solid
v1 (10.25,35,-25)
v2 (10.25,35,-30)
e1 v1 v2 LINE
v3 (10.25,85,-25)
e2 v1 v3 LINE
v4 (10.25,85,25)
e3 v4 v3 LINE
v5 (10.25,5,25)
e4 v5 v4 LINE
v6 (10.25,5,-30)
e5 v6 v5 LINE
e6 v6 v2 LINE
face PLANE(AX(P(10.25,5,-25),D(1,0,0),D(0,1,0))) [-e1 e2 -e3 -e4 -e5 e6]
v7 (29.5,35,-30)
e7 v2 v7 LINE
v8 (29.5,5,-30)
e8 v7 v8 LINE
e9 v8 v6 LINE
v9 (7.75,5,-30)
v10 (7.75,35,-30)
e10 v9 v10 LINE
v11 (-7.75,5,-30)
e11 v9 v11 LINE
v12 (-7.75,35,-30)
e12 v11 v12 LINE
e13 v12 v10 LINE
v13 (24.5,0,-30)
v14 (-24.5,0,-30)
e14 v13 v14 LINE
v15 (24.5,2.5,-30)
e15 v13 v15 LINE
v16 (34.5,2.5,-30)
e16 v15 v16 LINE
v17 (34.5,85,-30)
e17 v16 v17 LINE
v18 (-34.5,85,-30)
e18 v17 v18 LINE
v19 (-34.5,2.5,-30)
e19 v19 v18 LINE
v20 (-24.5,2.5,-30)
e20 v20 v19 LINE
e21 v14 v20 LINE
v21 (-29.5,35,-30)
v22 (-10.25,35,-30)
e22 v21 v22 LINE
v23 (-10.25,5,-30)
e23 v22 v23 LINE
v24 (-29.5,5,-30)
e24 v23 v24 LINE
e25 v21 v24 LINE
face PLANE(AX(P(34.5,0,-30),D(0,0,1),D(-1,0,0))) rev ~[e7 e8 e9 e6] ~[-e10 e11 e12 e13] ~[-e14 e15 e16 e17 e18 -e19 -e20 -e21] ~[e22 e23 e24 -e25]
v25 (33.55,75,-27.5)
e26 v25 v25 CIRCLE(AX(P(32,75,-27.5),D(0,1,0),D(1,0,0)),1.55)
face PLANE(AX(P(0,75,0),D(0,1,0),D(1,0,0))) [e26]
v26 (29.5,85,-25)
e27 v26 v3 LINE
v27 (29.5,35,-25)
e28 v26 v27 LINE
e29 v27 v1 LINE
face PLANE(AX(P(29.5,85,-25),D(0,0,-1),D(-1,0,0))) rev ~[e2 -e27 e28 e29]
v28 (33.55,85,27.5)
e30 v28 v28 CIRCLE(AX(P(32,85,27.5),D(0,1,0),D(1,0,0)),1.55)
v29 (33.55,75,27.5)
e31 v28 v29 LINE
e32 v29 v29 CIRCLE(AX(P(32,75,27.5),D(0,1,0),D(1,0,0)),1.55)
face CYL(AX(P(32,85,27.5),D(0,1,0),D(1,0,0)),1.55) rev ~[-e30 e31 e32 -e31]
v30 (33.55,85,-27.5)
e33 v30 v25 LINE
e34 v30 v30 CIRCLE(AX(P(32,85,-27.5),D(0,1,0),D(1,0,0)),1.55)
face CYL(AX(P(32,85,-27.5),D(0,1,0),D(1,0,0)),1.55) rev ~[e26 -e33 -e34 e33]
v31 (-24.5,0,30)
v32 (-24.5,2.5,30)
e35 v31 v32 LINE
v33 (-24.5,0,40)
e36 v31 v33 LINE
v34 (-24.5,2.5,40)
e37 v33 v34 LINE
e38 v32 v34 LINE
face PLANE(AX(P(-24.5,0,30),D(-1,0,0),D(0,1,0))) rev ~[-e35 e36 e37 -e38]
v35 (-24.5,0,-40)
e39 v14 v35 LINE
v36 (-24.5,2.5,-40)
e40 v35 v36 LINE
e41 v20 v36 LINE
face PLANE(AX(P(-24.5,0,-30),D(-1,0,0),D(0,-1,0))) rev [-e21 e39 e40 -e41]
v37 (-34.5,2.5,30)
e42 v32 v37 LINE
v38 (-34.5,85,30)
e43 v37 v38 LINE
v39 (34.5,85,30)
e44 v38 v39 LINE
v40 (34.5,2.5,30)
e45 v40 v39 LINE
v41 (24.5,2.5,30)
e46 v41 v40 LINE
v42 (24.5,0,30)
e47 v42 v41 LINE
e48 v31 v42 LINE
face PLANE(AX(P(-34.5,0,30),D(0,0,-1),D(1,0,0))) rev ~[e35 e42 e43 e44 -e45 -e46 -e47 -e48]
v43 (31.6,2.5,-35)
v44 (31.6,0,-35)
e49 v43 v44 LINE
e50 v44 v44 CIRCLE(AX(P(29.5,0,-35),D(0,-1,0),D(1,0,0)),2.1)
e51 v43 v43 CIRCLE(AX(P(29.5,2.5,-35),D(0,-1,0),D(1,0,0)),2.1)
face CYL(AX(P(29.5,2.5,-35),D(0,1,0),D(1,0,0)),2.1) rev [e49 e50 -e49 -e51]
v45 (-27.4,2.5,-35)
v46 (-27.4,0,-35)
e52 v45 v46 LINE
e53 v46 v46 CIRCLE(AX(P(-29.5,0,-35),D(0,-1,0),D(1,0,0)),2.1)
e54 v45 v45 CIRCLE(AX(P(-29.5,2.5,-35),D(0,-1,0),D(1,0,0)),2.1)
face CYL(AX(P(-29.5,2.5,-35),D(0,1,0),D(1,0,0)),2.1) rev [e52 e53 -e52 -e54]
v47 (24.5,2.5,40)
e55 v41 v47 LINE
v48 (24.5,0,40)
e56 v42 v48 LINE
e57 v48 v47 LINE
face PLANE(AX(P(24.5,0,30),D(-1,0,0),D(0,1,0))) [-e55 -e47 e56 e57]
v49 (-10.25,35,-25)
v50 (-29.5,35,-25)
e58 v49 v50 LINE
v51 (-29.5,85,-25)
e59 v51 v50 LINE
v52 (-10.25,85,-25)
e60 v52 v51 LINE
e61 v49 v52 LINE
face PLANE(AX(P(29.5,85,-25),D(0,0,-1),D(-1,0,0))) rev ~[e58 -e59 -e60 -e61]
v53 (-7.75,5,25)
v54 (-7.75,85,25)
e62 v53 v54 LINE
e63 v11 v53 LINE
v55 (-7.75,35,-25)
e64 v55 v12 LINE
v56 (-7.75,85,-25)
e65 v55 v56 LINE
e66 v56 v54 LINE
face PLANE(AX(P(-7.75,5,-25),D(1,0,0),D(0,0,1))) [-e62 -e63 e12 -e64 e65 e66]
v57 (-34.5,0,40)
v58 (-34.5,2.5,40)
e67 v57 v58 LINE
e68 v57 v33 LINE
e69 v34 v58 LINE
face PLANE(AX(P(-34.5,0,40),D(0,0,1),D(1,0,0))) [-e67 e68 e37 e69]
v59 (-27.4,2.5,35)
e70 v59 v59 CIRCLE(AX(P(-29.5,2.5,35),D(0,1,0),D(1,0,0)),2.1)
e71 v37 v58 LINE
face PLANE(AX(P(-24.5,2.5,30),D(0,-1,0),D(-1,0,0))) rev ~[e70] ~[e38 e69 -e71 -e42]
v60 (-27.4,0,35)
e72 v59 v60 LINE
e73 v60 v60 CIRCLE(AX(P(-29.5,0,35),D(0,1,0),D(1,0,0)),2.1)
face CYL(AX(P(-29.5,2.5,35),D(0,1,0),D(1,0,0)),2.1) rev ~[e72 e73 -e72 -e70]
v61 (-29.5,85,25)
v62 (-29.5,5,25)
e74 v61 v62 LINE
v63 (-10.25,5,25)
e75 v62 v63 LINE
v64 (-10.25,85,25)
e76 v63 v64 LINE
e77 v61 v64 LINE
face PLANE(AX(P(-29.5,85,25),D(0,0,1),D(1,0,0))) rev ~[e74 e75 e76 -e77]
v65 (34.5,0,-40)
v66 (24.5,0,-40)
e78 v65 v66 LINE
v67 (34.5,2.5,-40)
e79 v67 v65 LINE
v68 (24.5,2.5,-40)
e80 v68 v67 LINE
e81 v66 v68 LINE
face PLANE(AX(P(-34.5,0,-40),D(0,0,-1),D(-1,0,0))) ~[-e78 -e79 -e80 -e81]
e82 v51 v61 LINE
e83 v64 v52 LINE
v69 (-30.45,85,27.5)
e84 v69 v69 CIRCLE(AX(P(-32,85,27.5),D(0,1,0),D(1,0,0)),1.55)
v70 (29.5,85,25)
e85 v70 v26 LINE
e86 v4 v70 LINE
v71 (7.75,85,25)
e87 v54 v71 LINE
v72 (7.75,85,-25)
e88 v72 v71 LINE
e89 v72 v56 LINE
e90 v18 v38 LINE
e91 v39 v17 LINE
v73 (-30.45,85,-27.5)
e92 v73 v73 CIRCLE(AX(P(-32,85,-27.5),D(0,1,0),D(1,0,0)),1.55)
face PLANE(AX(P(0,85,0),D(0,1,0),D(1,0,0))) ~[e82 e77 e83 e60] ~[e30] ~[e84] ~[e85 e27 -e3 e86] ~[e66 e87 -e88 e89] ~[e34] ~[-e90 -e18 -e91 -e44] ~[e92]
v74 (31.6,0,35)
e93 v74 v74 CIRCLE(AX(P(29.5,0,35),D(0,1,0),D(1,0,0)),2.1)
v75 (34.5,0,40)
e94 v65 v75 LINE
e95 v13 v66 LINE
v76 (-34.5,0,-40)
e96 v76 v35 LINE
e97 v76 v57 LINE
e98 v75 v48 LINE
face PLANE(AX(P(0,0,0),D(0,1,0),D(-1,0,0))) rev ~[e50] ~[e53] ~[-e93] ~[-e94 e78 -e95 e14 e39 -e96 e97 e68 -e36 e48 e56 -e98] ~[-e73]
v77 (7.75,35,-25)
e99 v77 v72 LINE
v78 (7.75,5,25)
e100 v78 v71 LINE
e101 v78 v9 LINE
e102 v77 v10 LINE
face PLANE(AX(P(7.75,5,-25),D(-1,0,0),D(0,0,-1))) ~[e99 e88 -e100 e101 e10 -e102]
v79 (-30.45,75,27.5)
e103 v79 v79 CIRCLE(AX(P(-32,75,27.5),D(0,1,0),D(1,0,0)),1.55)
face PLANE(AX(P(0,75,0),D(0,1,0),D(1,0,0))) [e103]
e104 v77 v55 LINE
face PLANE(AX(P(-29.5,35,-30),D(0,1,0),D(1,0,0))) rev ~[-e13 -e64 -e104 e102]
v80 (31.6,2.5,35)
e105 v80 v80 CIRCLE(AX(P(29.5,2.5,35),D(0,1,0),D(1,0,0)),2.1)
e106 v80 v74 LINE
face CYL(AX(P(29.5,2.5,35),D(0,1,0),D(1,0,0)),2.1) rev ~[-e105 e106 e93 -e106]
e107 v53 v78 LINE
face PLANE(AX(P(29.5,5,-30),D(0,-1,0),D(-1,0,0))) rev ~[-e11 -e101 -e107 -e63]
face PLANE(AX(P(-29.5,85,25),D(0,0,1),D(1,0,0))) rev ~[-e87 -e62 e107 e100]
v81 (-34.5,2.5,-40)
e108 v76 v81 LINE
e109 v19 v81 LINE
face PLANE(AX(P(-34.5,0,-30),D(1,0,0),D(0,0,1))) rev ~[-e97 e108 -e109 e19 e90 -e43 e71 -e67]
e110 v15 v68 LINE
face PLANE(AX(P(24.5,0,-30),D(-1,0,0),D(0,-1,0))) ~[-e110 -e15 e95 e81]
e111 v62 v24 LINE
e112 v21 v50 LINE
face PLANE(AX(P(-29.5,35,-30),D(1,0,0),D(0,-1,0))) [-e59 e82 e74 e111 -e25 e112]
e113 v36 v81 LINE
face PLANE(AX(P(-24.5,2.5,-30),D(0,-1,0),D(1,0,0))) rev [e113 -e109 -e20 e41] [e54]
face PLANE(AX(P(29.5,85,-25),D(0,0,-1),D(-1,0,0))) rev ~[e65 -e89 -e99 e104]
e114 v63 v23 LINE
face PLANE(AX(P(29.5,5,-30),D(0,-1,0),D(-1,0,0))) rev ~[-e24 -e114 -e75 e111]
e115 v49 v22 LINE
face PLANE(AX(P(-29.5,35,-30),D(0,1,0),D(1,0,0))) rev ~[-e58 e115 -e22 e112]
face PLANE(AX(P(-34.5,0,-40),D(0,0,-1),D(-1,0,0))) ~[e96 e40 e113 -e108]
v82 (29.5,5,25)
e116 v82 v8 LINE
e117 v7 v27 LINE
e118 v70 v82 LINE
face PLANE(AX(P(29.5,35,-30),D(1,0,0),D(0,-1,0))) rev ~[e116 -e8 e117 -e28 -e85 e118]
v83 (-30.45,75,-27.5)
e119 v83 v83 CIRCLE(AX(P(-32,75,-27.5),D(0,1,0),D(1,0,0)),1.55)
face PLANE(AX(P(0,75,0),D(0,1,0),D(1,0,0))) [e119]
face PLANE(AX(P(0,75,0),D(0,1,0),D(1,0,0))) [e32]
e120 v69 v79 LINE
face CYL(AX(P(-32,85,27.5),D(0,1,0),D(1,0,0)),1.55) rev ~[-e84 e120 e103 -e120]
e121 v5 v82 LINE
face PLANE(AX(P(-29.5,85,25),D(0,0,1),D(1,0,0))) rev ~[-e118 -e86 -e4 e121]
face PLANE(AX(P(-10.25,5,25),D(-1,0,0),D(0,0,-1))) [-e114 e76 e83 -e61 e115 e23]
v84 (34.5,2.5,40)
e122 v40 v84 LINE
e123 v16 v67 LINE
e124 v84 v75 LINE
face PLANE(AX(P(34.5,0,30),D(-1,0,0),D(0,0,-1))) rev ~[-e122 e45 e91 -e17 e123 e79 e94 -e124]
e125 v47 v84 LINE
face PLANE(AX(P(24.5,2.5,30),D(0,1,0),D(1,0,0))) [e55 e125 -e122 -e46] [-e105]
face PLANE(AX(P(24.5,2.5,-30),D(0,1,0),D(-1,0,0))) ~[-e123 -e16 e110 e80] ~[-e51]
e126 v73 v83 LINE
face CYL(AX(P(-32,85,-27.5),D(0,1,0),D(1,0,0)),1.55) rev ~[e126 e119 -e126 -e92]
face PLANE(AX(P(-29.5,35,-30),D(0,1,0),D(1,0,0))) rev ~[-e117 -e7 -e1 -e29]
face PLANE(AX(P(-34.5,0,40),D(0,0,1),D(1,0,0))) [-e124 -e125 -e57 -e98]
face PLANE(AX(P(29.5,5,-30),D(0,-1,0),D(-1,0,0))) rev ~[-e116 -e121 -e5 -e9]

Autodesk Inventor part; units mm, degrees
ref_plane "YZ Plane" through (0, 0, 0) normal (1, 0, 0) x (0, 1, 0)
sketch "Sketch1" plane through (0, 0, 0) normal (0, 1, 0) x (-1, 0, 0)
  point P0 (0, 0)
sketch "Sketch2" plane through (0, 0, 0) normal (0, 1, 0) x (-1, 0, 0)
  line L0 (34.5, 30) -> (-34.5, 30)
  line L1 (-34.5, 30) -> (-34.5, -30)
  line L2 (-34.5, -30) -> (34.5, -30)
  line L3 (34.5, -30) -> (34.5, 30)
  line L4 (34.5, 30) -> (-34.5, -30) construction
  line L5 (-34.5, 30) -> (34.5, -30) construction
  point P0 (0, 0)
  dimension "d0" = 69
  dimension "d1" = 60
extrude "Extrusion1" add sketch "Sketch2" along normal blind 85
sketch "Sketch3" plane through (0, 85, 0) normal (0, 1, 0) x (1, 0, 0)
  line L0 (-29.5, -25) -> (29.5, -25)
  line L1 (29.5, -25) -> (29.5, 25)
  line L2 (29.5, 25) -> (-29.5, 25)
  line L3 (-29.5, 25) -> (-29.5, -25)
  line L4 (-29.5, -25) -> (29.5, 25) construction
  line L5 (29.5, -25) -> (-29.5, 25) construction
  point P0 (0, 0)
  dimension "d4" = 59
  dimension "d5" = 50
extrude "Extrusion2" cut sketch "Sketch3" against normal blind 80
sketch "Sketch4" plane through (0, 85, 0) normal (0, 1, 0) x (1, 0, 0)
  circle A0 centre (32, -27.5) radius 1.55
  line L0 (-34.5, -30) -> (34.5, -30) projected
  line L1 (34.5, -30) -> (34.5, 30) projected
  circle A1 centre (32, 27.5) radius 1.55
  circle A2 centre (-32, 27.5) radius 1.55
  circle A3 centre (-32, -27.5) radius 1.55
  line L2 (34.5, 30) -> (-34.5, 30) projected
  line L3 (-34.5, 30) -> (-34.5, -30) projected
  point P0 (0, 0)
  dimension "d8" = 3.1
  dimension "d9" = 2.5
  dimension "d10" = 2.5
  dimension "d11" = 2.5
  dimension "d12" = 2.5
extrude "Extrusion3" cut sketch "Sketch4" against normal blind 10 contours A0 | A1 | A2 | A3
sketch "Sketch5" plane through (-34.5, 0, 30) normal (0, 0, 1) x (1, 0, 0)
  line L0 (0, 0) -> (0, 85) projected
  line L1 (0, 0) -> (10, 0)
  line L2 (10, 0) -> (10, 2.5)
  line L3 (10, 2.5) -> (0, 2.5)
  line L4 (0, 2.5) -> (0, 0)
  line L5 (34.5, 0) -> (34.5, 85)
  line L6 (5, 85) -> (64, 85) projected
  line L7 (69, 0) -> (59, 0)
  line L8 (59, 0) -> (59, 2.5)
  line L9 (59, 2.5) -> (69, 2.5)
  line L10 (69, 2.5) -> (69, 0)
  dimension "d15" = 10
  dimension "d16" = 2.5
extrude "Extrusion4" add sketch "Sketch5" along normal blind 10
sketch "Sketch6" plane through (-34.5, 2.5, 30) normal (0, 1, 0) x (1, 0, 0)
  circle A0 centre (5, -5) radius 2.1
  line L0 (10, -10) -> (0, -10) projected
  line L1 (0, 0) -> (0, -10) projected
  line L2 (69, 60) -> (0, 60) projected
  line L3 (34.5, 60) -> (34.5, 0)
  line L4 (0, 0) -> (69, 0) projected
  circle A1 centre (64, -5) radius 2.1
  point P0 (34.5, 30)
  dimension "d19" = 4.2
  dimension "d20" = 5
  dimension "d21" = 5
extrude "Extrusion5" cut sketch "Sketch6" against normal up to next
ref_plane "Work Plane2" through (-34.5, 85, 0) normal (0, 0, 1) x (1, 0, 0)
mirror "Mirror2" about plane through (-34.5, 85, 0) normal (0, 0, 1) of "Extrusion4", "Extrusion5"
sketch "Sketch7" plane through (34.5, 85, -30) normal (0, 0, -1) x (-1, 0, 0)
  line L0 (5, 0) -> (5, -80) projected
  line L1 (64, 0) -> (64, -80) projected
  line L2 (5, -80) -> (64, -80)
  line L3 (64, -80) -> (64, -50)
  line L4 (64, -50) -> (5, -50)
  line L5 (5, -50) -> (5, -80)
  point P0 (34.5, -85)
  point P1 (5, -50)
  dimension "d24" = 30
extrude "Extrusion6" cut sketch "Sketch7" against normal up to next
sketch "Sketch8" plane through (0, 5, 0) normal (0, 1, 0) x (1, 0, 0)
  line L0 (-29.5, 25) -> (29.5, 25) projected
  line L1 (-6.5, -25) -> (6.5, -25)
  line L2 (6.5, -25) -> (6.5, 25)
  line L3 (6.5, 25) -> (-6.5, 25)
  line L4 (-6.5, 25) -> (-6.5, -25)
  line L5 (-6.5, -25) -> (6.5, 25) construction
  line L6 (6.5, -25) -> (-6.5, 25) construction
  line L7 (29.5, -25) -> (-29.5, -25) projected
  line L8 (-6.5, 25) -> (-11.5, 25)
  line L9 (-11.5, 25) -> (-11.5, -25)
  line L10 (-11.5, -25) -> (-6.5, -25)
  line L11 (-6.5, -25) -> (-6.5, 25)
  line L12 (6.5, -25) -> (11.5, -25)
  line L13 (11.5, -25) -> (11.5, 25)
  line L14 (11.5, 25) -> (6.5, 25)
  line L15 (6.5, 25) -> (6.5, -25)
  line L16 (-10.25, 25) -> (-7.75, 25)
  line L17 (-7.75, 25) -> (-7.75, -26.1279)
  line L18 (-7.75, -26.1279) -> (-10.25, -26.1279)
  line L19 (-10.25, -26.1279) -> (-10.25, 25)
  point P0 (0, 0)
  point P1 (-10.25, -25)
  point P2 (-7.75, -25)
  dimension "d27" = 13
  dimension "d28" = 5
  dimension "d29" = 5
  dimension "d30" = 1.25
  dimension "d31" = 1.25
extrude "Extrusion7" add sketch "Sketch8" along normal blind 80 contours L0 L17 L7 L19
ref_plane "Work Plane3" through (0, 85, 25) normal (1, 0, 0) x (0, 0, -1)
mirror "Mirror3" about plane through (0, 85, 25) normal (1, 0, 0) of "Extrusion7"
sketch "Sketch9" plane through (10.25, 35, -25) normal (0, 0, -1) x (-1, 0, 0)
  line L0 (0, -30) -> (0, 50) projected
  line L1 (2.5, 0) -> (2.5, 50) projected
  line L2 (0, -30) -> (2.5, -30)
  line L3 (2.5, -30) -> (2.5, 0)
  line L4 (2.5, 0) -> (0, 0)
  line L5 (0, 0) -> (0, -30)
  line L6 (18, -30) -> (18, 0) projected
  line L7 (20.5, 50) -> (20.5, -30) projected
  line L8 (18, -30) -> (20.5, -30)
  line L9 (20.5, -30) -> (20.5, 0)
  line L10 (20.5, 0) -> (18, 0)
  line L11 (18, 0) -> (18, -30)
  point P0 (10.25, -35)
extrude "Extrusion8" add sketch "Sketch9" along normal blind 5
equation "\"d0\" = external_len"
equation "\"d1\" = external_width"
equation "\"d2\" = internal_height + thickness"
equation "\"d4\" = internal_len"
equation "\"d5\" = internal_width"
equation "\"d6\" = internal_height"
equation "\"d32\" = internal_height"
equation "\"d34\" = thickness"
equation "\"external_len\" = 69"
equation "\"external_width\" = 60"
equation "\"thickness\" = 5"
equation "\"internal_height\" = 80"
equation "\"separator_thickness\" = 2.5"
equation "\"switch_len_at_clip\" = 13"
equation "\"internal_len\" = external_len - 2 * thickness"
equation "\"internal_width\" = external_width - 2 * thickness"
properties part number "switch_pannel_box"
